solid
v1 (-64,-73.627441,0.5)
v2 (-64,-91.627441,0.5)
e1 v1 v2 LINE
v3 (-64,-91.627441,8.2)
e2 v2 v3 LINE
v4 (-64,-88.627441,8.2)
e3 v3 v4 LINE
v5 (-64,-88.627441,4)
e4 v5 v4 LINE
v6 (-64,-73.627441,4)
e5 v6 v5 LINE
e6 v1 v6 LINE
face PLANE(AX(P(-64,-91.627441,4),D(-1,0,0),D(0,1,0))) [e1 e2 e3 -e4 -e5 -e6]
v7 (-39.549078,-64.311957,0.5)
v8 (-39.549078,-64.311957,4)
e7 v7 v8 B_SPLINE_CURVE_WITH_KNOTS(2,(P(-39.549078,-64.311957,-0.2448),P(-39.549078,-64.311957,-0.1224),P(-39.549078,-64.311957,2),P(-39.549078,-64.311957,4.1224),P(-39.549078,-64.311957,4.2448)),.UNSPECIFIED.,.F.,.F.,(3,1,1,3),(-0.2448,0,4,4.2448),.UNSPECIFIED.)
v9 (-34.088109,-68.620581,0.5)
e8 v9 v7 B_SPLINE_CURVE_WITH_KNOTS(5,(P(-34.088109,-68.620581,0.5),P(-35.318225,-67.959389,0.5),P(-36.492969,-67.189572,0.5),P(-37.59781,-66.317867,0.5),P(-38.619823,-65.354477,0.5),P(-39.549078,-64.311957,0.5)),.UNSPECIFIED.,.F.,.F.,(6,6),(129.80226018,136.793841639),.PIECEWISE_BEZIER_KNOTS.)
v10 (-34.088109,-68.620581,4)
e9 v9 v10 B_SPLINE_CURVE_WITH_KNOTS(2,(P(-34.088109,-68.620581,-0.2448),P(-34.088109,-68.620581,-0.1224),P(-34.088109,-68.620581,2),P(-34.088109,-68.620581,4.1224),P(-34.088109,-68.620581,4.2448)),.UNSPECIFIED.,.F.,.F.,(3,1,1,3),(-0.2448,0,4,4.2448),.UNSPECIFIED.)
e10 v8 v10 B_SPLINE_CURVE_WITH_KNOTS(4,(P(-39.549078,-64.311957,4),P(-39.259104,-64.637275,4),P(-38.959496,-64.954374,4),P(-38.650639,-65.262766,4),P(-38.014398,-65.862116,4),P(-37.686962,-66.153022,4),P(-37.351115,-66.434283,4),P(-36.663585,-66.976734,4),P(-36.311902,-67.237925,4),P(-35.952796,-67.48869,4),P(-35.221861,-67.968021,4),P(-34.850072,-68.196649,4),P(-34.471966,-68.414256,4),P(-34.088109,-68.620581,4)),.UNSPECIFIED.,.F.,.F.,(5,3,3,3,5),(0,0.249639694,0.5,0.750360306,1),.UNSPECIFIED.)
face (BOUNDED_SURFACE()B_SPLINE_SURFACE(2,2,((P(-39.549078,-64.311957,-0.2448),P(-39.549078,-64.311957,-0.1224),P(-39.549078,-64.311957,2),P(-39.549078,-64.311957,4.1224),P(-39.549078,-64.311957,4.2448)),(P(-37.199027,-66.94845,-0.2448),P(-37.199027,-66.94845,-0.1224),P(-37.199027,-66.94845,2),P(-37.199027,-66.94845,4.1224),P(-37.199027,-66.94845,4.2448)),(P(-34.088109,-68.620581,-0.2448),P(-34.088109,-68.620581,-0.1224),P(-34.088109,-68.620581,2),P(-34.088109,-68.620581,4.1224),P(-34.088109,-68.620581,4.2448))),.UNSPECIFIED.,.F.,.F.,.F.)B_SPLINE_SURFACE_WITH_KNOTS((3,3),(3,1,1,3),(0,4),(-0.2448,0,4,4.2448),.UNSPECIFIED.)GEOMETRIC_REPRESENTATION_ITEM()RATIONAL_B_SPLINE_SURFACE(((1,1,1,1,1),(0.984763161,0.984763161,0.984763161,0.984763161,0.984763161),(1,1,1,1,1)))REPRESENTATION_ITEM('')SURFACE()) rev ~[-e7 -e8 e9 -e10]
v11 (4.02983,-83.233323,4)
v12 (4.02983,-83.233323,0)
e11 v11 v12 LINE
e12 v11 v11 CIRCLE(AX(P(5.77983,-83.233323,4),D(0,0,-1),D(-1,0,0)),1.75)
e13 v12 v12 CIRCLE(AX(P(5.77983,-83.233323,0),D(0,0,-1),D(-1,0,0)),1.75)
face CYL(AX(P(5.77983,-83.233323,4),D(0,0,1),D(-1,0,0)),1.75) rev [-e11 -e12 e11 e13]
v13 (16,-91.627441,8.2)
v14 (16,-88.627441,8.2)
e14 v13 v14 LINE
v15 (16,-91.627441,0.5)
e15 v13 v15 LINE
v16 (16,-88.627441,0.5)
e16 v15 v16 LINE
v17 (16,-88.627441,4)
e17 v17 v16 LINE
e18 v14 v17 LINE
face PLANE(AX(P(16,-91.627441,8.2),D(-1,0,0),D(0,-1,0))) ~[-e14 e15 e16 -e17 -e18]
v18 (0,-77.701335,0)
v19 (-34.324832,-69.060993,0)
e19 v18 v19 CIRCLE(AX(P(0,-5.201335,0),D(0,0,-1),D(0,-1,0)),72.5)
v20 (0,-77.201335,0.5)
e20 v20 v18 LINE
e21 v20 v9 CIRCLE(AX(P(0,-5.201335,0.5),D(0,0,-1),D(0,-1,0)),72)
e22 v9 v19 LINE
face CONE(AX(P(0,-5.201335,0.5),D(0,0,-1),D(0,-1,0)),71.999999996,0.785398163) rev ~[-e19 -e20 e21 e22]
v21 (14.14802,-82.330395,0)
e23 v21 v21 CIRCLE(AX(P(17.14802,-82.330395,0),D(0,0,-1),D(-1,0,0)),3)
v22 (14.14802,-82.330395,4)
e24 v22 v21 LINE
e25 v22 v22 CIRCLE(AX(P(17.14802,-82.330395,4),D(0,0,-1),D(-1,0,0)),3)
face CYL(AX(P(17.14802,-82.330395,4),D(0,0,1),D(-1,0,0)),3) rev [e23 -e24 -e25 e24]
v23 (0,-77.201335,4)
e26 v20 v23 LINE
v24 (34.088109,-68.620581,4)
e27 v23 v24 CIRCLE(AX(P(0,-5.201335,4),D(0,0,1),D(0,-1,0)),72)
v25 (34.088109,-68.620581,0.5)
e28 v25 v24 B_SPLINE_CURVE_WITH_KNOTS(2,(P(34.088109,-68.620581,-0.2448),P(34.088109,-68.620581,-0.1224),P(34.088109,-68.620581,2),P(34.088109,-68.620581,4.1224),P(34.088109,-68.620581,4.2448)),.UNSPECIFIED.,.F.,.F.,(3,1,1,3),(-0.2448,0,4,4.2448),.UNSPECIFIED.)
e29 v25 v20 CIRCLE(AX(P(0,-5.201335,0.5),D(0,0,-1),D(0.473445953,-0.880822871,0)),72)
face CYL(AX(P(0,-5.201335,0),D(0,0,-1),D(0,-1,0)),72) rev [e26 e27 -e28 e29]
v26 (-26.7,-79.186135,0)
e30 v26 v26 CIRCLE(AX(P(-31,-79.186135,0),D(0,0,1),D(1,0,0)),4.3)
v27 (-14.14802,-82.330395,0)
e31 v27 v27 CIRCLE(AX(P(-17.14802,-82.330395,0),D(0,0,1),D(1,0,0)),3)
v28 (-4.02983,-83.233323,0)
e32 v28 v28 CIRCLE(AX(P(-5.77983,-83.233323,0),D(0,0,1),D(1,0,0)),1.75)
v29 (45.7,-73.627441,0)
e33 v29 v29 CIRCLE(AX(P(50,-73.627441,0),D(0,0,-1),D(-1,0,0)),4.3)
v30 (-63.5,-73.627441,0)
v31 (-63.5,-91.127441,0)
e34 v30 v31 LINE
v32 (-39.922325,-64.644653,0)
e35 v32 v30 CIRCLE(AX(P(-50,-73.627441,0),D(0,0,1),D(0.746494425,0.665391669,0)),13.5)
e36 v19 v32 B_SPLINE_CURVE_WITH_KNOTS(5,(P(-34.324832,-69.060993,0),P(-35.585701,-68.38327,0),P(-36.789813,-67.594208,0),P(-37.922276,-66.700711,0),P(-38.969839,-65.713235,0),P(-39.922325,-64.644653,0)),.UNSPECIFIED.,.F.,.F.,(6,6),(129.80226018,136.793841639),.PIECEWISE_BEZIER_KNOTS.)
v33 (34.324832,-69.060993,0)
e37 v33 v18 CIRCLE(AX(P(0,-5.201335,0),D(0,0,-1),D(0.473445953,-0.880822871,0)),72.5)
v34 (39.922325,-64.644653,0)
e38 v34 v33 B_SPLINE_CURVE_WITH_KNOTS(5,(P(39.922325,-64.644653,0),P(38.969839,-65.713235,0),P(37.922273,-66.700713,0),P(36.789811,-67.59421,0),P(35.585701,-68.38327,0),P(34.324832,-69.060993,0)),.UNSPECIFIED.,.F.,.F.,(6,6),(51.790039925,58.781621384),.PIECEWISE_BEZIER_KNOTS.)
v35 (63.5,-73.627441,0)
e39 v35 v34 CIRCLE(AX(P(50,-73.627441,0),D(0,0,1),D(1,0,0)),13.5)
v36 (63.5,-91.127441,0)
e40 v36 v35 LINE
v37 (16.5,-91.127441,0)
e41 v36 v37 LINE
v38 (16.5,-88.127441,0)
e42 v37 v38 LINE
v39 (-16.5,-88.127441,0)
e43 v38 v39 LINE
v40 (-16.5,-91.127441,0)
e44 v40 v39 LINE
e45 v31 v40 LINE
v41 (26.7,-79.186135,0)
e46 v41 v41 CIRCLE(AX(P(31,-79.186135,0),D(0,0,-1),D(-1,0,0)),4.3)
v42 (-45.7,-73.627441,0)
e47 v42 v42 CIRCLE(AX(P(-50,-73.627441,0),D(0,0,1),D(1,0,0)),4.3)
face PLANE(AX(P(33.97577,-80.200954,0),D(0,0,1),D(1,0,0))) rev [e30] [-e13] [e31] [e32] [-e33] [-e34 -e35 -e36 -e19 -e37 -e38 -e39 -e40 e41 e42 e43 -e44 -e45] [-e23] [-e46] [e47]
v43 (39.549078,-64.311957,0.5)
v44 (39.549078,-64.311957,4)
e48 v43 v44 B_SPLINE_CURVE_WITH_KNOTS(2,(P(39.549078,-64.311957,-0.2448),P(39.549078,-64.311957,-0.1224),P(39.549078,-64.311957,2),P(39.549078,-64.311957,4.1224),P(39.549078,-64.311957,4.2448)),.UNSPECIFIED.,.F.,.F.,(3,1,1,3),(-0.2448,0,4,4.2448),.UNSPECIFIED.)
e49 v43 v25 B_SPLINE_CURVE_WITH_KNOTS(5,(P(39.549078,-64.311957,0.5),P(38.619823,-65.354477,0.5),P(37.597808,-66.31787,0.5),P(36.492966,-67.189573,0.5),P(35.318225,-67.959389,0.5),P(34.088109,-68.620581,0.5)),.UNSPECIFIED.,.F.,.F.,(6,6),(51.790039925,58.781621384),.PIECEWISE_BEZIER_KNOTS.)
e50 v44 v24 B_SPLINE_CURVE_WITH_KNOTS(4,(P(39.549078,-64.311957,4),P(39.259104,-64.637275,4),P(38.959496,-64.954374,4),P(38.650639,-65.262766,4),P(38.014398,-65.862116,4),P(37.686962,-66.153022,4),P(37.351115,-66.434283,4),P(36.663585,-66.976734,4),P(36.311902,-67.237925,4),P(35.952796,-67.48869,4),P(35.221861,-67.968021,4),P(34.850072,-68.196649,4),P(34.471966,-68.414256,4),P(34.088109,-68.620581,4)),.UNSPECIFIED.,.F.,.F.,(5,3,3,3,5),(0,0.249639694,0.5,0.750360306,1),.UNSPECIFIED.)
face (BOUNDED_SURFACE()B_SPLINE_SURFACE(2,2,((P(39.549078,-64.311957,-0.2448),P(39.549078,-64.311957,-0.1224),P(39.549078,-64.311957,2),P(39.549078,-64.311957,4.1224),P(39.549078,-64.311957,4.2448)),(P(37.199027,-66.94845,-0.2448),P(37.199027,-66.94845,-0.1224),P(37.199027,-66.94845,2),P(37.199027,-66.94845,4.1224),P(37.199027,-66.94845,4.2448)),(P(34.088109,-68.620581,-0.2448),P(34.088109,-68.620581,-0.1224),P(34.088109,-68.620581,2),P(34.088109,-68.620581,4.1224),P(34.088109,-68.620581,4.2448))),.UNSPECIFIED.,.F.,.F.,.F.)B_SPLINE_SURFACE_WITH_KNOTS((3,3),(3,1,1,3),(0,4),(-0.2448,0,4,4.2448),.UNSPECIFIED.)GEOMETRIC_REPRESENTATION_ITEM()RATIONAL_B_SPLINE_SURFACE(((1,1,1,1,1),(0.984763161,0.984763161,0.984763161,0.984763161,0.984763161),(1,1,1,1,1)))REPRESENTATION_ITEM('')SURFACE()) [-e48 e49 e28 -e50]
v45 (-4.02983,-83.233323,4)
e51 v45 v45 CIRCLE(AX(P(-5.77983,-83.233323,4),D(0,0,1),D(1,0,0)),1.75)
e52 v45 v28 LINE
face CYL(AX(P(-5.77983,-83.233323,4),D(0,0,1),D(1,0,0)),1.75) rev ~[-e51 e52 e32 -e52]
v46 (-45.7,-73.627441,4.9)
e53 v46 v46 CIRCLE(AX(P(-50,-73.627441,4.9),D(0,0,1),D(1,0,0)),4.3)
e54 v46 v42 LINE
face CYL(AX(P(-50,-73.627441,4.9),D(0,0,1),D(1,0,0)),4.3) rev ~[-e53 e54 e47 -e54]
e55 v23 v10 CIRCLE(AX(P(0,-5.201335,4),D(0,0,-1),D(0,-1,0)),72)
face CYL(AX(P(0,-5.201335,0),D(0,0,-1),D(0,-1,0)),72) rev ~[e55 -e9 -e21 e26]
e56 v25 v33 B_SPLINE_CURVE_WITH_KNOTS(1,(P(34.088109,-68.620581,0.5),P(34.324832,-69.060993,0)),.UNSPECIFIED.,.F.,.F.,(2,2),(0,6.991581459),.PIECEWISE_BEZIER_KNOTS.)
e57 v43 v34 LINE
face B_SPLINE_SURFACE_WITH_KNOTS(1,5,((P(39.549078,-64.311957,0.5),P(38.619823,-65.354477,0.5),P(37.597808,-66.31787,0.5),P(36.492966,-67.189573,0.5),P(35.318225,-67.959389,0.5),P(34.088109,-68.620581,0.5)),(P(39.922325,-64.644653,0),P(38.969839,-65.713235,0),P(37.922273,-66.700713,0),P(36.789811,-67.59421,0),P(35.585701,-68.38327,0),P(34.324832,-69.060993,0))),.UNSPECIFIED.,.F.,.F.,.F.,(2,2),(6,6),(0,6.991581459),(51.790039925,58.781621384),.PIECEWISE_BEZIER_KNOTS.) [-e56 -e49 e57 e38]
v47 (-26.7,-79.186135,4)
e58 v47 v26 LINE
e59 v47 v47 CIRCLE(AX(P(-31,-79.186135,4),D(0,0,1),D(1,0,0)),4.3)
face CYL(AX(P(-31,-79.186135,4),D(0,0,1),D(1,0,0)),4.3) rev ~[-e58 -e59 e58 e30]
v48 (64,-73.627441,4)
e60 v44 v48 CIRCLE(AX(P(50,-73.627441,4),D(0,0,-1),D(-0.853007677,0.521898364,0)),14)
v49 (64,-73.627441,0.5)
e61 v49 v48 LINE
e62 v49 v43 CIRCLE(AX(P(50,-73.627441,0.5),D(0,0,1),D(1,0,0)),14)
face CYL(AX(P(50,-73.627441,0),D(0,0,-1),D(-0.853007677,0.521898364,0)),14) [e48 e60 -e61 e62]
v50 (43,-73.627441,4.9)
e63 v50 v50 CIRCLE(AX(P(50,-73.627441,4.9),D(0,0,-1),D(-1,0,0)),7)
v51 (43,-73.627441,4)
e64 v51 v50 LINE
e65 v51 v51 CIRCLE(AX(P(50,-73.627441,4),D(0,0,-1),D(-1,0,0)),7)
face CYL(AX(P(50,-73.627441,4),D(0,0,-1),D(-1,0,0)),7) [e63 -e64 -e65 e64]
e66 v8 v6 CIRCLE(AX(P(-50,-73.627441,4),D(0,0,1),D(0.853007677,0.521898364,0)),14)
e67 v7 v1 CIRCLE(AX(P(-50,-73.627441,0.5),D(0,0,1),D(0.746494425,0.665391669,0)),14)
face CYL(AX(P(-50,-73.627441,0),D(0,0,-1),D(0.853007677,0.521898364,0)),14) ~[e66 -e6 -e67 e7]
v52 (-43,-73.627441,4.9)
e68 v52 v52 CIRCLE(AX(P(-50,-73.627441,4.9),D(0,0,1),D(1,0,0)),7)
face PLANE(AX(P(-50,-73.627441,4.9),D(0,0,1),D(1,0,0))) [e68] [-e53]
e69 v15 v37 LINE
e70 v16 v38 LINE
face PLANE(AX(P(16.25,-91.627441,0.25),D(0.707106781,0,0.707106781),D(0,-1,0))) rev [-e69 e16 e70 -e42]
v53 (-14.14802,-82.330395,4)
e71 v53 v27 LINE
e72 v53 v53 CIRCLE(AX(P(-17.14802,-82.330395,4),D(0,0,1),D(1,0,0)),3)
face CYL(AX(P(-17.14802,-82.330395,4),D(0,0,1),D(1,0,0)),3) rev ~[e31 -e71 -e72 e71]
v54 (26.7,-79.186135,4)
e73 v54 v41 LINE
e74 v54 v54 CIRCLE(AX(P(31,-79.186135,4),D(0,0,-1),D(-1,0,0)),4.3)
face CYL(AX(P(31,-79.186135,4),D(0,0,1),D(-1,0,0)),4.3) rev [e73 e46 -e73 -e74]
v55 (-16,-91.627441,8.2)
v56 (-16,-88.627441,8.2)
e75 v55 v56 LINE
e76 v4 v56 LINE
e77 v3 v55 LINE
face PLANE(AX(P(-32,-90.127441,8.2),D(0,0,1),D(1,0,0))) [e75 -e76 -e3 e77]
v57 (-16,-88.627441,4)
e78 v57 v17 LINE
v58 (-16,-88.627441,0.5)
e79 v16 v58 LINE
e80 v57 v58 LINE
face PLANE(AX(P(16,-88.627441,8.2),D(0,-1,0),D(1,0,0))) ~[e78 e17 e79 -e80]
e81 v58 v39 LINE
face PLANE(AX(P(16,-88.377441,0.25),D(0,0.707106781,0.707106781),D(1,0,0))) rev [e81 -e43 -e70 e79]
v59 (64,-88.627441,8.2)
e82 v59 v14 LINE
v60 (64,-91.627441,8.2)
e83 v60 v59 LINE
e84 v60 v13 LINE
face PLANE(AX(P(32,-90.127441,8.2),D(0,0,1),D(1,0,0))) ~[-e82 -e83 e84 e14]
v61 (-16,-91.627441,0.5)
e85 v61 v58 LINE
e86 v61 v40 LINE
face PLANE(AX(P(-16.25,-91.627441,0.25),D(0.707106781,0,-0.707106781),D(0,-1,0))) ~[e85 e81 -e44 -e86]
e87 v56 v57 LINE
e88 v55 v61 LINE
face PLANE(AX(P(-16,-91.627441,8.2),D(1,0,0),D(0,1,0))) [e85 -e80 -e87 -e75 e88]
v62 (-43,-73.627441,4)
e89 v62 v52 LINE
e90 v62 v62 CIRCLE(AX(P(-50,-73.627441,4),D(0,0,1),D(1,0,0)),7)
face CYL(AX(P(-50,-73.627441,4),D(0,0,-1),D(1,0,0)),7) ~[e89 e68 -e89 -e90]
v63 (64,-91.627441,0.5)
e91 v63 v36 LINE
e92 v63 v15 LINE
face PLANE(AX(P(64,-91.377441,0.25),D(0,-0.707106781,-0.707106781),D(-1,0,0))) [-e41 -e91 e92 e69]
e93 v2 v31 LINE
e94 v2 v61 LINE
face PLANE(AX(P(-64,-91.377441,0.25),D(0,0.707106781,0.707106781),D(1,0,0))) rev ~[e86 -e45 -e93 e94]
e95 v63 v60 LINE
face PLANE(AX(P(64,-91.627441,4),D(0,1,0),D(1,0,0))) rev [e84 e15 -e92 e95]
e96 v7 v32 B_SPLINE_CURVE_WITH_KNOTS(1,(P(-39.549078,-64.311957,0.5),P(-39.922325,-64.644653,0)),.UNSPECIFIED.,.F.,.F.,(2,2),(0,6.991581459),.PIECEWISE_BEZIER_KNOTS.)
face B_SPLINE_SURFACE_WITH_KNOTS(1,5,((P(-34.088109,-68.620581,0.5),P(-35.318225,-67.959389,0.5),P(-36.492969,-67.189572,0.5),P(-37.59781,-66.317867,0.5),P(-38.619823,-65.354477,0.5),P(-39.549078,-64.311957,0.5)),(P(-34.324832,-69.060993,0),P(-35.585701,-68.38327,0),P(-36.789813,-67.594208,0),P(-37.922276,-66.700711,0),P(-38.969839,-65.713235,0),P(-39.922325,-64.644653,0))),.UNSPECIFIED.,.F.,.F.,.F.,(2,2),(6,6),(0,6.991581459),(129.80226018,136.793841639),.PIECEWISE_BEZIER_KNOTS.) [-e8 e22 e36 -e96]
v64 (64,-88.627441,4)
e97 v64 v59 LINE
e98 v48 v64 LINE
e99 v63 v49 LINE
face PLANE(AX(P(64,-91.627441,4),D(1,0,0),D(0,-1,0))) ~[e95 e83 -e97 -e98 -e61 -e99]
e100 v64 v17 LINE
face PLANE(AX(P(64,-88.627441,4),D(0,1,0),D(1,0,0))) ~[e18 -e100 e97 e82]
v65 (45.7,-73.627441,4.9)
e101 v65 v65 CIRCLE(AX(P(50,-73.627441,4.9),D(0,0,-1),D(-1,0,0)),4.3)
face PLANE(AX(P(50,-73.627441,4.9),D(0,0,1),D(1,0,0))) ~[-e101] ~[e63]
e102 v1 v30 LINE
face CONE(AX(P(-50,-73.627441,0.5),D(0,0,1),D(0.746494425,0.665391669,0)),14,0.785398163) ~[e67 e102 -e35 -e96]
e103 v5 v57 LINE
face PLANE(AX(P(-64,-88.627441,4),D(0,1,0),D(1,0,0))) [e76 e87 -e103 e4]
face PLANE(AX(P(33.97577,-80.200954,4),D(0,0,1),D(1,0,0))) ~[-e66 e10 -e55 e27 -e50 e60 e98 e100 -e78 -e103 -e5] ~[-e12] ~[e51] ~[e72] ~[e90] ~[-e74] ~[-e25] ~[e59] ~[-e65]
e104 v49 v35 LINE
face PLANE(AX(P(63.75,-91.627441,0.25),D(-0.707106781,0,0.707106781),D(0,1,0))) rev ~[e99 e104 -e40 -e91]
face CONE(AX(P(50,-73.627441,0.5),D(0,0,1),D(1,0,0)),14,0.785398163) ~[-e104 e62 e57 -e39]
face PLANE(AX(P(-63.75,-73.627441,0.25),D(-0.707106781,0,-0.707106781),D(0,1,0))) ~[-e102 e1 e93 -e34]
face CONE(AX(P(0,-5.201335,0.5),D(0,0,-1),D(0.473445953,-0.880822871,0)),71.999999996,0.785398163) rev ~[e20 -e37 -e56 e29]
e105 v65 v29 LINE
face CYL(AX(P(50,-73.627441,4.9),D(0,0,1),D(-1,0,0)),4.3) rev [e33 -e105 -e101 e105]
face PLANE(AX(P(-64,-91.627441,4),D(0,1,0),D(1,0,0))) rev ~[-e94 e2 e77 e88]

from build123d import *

# Parameters (mm, degrees)
BOSS_EXTRUDE1_DEPTH = 4
SKETCH6_R           = 7
BOSS_EXTRUDE2_DEPTH = 0.9
SKETCH7_R           = 4.3
CUT_EXTRUDE1_DEPTH  = 20
FILLET1_R           = 20
SKETCH8_W           = 64
SKETCH8_H           = 3
BOSS_EXTRUDE3_DEPTH = 4.2
SKETCH10_W          = 16
SKETCH10_H          = 3
CUT_EXTRUDE2_DEPTH  = 20
SKETCH11_R          = 4.3
SKETCH11_R_2        = 3
SKETCH11_R_3        = 1.75
CUT_EXTRUDE3_DEPTH  = 20
CHAMFER1_SIZE       = 0.5


with BuildPart() as part:
    # Sketch3 → Boss-Extrude1 (new body)
    with BuildSketch(Plane.XY):
        with BuildLine():
            Line((-64, -73.627440537), (-64, -91.627440537))
            Line((-64, -91.627440537), (0, -91.627440537))
            Line((0, -91.627440537), (0, -77.201334505))
            ThreePointArc((0, -77.201334505), (-19.791335437, -74.427796509), (-38.057892518, -66.320863438))
            ThreePointArc((-38.057892518, -66.320863438), (-53.795424565, -60.15173082), (-64, -73.627440537))
        make_face()
    extrude(amount=BOSS_EXTRUDE1_DEPTH)

    # Sketch6 → Boss-Extrude2 (add)
    with BuildSketch(Plane.XY.offset(4)):
        with Locations((-50, -73.627440537)):
            Circle(SKETCH6_R)
    extrude(amount=BOSS_EXTRUDE2_DEPTH)

    # Sketch7 → Cut-Extrude1 (cut)
    with BuildSketch(Plane.XY.offset(4.9)):
        with Locations((-50, -73.627440537)):
            Circle(SKETCH7_R)
    extrude(amount=-CUT_EXTRUDE1_DEPTH, mode=Mode.SUBTRACT)

    # Fillet1
    fillet1_edges = [part.edges().sort_by_distance(p)[0] for p in [
        (-38.057892518, -66.320863438, 2),
    ]]
    fillet(fillet1_edges, radius=FILLET1_R)

    # Sketch8 → Boss-Extrude3 (add)
    with BuildSketch(Plane.XY.offset(4)):
        with Locations((-32, -90.127440537)):
            Rectangle(SKETCH8_W, SKETCH8_H)
    extrude(amount=BOSS_EXTRUDE3_DEPTH)

    # Sketch10 → Cut-Extrude2 (cut)
    with BuildSketch(Plane.XY.offset(8.2)):
        with Locations((-8, -90.127440537)):
            Rectangle(SKETCH10_W, SKETCH10_H)
    extrude(amount=-CUT_EXTRUDE2_DEPTH, mode=Mode.SUBTRACT)

    # Sketch11 → Cut-Extrude3 (cut)
    with BuildSketch(Plane.XY.offset(4)):
        with Locations((-31, -79.186135246)):
            Circle(SKETCH11_R)
        with Locations((-17.14802046, -82.330394565)):
            Circle(SKETCH11_R_2)
        with Locations((-5.779829741, -83.233322768)):
            Circle(SKETCH11_R_3)
    extrude(amount=-CUT_EXTRUDE3_DEPTH, mode=Mode.SUBTRACT)

    # Mirror1: part across plane


with BuildPart() as part_1:
    add(part.part)
    add(part.part.mirror(Plane(origin=(0, -91.627440537, 4), x_dir=(0, 0, 1), z_dir=(-1, 0, 0))))

    # Chamfer1
    chamfer1_edges = [part_1.edges().sort_by_distance(p)[0] for p in [
        (-54.98433008, -60.544762919, 0),
        (0, -77.201334505, 0),
        (-37.007349735, -66.705508667, 0),
        (0, -88.627440537, 0),
        (-16, -90.127440537, 0),
        (-40, -91.627440537, 0),
        (-64, -82.627440537, 0),
        (54.98433008, -60.544762919, 0),
        (64, -82.627440537, 0),
        (40, -91.627440537, 0),
        (37.007349735, -66.705508667, 0),
        (16, -90.127440537, 0),
    ]]
    chamfer(chamfer1_edges, length=CHAMFER1_SIZE)


solid = part_1.part
